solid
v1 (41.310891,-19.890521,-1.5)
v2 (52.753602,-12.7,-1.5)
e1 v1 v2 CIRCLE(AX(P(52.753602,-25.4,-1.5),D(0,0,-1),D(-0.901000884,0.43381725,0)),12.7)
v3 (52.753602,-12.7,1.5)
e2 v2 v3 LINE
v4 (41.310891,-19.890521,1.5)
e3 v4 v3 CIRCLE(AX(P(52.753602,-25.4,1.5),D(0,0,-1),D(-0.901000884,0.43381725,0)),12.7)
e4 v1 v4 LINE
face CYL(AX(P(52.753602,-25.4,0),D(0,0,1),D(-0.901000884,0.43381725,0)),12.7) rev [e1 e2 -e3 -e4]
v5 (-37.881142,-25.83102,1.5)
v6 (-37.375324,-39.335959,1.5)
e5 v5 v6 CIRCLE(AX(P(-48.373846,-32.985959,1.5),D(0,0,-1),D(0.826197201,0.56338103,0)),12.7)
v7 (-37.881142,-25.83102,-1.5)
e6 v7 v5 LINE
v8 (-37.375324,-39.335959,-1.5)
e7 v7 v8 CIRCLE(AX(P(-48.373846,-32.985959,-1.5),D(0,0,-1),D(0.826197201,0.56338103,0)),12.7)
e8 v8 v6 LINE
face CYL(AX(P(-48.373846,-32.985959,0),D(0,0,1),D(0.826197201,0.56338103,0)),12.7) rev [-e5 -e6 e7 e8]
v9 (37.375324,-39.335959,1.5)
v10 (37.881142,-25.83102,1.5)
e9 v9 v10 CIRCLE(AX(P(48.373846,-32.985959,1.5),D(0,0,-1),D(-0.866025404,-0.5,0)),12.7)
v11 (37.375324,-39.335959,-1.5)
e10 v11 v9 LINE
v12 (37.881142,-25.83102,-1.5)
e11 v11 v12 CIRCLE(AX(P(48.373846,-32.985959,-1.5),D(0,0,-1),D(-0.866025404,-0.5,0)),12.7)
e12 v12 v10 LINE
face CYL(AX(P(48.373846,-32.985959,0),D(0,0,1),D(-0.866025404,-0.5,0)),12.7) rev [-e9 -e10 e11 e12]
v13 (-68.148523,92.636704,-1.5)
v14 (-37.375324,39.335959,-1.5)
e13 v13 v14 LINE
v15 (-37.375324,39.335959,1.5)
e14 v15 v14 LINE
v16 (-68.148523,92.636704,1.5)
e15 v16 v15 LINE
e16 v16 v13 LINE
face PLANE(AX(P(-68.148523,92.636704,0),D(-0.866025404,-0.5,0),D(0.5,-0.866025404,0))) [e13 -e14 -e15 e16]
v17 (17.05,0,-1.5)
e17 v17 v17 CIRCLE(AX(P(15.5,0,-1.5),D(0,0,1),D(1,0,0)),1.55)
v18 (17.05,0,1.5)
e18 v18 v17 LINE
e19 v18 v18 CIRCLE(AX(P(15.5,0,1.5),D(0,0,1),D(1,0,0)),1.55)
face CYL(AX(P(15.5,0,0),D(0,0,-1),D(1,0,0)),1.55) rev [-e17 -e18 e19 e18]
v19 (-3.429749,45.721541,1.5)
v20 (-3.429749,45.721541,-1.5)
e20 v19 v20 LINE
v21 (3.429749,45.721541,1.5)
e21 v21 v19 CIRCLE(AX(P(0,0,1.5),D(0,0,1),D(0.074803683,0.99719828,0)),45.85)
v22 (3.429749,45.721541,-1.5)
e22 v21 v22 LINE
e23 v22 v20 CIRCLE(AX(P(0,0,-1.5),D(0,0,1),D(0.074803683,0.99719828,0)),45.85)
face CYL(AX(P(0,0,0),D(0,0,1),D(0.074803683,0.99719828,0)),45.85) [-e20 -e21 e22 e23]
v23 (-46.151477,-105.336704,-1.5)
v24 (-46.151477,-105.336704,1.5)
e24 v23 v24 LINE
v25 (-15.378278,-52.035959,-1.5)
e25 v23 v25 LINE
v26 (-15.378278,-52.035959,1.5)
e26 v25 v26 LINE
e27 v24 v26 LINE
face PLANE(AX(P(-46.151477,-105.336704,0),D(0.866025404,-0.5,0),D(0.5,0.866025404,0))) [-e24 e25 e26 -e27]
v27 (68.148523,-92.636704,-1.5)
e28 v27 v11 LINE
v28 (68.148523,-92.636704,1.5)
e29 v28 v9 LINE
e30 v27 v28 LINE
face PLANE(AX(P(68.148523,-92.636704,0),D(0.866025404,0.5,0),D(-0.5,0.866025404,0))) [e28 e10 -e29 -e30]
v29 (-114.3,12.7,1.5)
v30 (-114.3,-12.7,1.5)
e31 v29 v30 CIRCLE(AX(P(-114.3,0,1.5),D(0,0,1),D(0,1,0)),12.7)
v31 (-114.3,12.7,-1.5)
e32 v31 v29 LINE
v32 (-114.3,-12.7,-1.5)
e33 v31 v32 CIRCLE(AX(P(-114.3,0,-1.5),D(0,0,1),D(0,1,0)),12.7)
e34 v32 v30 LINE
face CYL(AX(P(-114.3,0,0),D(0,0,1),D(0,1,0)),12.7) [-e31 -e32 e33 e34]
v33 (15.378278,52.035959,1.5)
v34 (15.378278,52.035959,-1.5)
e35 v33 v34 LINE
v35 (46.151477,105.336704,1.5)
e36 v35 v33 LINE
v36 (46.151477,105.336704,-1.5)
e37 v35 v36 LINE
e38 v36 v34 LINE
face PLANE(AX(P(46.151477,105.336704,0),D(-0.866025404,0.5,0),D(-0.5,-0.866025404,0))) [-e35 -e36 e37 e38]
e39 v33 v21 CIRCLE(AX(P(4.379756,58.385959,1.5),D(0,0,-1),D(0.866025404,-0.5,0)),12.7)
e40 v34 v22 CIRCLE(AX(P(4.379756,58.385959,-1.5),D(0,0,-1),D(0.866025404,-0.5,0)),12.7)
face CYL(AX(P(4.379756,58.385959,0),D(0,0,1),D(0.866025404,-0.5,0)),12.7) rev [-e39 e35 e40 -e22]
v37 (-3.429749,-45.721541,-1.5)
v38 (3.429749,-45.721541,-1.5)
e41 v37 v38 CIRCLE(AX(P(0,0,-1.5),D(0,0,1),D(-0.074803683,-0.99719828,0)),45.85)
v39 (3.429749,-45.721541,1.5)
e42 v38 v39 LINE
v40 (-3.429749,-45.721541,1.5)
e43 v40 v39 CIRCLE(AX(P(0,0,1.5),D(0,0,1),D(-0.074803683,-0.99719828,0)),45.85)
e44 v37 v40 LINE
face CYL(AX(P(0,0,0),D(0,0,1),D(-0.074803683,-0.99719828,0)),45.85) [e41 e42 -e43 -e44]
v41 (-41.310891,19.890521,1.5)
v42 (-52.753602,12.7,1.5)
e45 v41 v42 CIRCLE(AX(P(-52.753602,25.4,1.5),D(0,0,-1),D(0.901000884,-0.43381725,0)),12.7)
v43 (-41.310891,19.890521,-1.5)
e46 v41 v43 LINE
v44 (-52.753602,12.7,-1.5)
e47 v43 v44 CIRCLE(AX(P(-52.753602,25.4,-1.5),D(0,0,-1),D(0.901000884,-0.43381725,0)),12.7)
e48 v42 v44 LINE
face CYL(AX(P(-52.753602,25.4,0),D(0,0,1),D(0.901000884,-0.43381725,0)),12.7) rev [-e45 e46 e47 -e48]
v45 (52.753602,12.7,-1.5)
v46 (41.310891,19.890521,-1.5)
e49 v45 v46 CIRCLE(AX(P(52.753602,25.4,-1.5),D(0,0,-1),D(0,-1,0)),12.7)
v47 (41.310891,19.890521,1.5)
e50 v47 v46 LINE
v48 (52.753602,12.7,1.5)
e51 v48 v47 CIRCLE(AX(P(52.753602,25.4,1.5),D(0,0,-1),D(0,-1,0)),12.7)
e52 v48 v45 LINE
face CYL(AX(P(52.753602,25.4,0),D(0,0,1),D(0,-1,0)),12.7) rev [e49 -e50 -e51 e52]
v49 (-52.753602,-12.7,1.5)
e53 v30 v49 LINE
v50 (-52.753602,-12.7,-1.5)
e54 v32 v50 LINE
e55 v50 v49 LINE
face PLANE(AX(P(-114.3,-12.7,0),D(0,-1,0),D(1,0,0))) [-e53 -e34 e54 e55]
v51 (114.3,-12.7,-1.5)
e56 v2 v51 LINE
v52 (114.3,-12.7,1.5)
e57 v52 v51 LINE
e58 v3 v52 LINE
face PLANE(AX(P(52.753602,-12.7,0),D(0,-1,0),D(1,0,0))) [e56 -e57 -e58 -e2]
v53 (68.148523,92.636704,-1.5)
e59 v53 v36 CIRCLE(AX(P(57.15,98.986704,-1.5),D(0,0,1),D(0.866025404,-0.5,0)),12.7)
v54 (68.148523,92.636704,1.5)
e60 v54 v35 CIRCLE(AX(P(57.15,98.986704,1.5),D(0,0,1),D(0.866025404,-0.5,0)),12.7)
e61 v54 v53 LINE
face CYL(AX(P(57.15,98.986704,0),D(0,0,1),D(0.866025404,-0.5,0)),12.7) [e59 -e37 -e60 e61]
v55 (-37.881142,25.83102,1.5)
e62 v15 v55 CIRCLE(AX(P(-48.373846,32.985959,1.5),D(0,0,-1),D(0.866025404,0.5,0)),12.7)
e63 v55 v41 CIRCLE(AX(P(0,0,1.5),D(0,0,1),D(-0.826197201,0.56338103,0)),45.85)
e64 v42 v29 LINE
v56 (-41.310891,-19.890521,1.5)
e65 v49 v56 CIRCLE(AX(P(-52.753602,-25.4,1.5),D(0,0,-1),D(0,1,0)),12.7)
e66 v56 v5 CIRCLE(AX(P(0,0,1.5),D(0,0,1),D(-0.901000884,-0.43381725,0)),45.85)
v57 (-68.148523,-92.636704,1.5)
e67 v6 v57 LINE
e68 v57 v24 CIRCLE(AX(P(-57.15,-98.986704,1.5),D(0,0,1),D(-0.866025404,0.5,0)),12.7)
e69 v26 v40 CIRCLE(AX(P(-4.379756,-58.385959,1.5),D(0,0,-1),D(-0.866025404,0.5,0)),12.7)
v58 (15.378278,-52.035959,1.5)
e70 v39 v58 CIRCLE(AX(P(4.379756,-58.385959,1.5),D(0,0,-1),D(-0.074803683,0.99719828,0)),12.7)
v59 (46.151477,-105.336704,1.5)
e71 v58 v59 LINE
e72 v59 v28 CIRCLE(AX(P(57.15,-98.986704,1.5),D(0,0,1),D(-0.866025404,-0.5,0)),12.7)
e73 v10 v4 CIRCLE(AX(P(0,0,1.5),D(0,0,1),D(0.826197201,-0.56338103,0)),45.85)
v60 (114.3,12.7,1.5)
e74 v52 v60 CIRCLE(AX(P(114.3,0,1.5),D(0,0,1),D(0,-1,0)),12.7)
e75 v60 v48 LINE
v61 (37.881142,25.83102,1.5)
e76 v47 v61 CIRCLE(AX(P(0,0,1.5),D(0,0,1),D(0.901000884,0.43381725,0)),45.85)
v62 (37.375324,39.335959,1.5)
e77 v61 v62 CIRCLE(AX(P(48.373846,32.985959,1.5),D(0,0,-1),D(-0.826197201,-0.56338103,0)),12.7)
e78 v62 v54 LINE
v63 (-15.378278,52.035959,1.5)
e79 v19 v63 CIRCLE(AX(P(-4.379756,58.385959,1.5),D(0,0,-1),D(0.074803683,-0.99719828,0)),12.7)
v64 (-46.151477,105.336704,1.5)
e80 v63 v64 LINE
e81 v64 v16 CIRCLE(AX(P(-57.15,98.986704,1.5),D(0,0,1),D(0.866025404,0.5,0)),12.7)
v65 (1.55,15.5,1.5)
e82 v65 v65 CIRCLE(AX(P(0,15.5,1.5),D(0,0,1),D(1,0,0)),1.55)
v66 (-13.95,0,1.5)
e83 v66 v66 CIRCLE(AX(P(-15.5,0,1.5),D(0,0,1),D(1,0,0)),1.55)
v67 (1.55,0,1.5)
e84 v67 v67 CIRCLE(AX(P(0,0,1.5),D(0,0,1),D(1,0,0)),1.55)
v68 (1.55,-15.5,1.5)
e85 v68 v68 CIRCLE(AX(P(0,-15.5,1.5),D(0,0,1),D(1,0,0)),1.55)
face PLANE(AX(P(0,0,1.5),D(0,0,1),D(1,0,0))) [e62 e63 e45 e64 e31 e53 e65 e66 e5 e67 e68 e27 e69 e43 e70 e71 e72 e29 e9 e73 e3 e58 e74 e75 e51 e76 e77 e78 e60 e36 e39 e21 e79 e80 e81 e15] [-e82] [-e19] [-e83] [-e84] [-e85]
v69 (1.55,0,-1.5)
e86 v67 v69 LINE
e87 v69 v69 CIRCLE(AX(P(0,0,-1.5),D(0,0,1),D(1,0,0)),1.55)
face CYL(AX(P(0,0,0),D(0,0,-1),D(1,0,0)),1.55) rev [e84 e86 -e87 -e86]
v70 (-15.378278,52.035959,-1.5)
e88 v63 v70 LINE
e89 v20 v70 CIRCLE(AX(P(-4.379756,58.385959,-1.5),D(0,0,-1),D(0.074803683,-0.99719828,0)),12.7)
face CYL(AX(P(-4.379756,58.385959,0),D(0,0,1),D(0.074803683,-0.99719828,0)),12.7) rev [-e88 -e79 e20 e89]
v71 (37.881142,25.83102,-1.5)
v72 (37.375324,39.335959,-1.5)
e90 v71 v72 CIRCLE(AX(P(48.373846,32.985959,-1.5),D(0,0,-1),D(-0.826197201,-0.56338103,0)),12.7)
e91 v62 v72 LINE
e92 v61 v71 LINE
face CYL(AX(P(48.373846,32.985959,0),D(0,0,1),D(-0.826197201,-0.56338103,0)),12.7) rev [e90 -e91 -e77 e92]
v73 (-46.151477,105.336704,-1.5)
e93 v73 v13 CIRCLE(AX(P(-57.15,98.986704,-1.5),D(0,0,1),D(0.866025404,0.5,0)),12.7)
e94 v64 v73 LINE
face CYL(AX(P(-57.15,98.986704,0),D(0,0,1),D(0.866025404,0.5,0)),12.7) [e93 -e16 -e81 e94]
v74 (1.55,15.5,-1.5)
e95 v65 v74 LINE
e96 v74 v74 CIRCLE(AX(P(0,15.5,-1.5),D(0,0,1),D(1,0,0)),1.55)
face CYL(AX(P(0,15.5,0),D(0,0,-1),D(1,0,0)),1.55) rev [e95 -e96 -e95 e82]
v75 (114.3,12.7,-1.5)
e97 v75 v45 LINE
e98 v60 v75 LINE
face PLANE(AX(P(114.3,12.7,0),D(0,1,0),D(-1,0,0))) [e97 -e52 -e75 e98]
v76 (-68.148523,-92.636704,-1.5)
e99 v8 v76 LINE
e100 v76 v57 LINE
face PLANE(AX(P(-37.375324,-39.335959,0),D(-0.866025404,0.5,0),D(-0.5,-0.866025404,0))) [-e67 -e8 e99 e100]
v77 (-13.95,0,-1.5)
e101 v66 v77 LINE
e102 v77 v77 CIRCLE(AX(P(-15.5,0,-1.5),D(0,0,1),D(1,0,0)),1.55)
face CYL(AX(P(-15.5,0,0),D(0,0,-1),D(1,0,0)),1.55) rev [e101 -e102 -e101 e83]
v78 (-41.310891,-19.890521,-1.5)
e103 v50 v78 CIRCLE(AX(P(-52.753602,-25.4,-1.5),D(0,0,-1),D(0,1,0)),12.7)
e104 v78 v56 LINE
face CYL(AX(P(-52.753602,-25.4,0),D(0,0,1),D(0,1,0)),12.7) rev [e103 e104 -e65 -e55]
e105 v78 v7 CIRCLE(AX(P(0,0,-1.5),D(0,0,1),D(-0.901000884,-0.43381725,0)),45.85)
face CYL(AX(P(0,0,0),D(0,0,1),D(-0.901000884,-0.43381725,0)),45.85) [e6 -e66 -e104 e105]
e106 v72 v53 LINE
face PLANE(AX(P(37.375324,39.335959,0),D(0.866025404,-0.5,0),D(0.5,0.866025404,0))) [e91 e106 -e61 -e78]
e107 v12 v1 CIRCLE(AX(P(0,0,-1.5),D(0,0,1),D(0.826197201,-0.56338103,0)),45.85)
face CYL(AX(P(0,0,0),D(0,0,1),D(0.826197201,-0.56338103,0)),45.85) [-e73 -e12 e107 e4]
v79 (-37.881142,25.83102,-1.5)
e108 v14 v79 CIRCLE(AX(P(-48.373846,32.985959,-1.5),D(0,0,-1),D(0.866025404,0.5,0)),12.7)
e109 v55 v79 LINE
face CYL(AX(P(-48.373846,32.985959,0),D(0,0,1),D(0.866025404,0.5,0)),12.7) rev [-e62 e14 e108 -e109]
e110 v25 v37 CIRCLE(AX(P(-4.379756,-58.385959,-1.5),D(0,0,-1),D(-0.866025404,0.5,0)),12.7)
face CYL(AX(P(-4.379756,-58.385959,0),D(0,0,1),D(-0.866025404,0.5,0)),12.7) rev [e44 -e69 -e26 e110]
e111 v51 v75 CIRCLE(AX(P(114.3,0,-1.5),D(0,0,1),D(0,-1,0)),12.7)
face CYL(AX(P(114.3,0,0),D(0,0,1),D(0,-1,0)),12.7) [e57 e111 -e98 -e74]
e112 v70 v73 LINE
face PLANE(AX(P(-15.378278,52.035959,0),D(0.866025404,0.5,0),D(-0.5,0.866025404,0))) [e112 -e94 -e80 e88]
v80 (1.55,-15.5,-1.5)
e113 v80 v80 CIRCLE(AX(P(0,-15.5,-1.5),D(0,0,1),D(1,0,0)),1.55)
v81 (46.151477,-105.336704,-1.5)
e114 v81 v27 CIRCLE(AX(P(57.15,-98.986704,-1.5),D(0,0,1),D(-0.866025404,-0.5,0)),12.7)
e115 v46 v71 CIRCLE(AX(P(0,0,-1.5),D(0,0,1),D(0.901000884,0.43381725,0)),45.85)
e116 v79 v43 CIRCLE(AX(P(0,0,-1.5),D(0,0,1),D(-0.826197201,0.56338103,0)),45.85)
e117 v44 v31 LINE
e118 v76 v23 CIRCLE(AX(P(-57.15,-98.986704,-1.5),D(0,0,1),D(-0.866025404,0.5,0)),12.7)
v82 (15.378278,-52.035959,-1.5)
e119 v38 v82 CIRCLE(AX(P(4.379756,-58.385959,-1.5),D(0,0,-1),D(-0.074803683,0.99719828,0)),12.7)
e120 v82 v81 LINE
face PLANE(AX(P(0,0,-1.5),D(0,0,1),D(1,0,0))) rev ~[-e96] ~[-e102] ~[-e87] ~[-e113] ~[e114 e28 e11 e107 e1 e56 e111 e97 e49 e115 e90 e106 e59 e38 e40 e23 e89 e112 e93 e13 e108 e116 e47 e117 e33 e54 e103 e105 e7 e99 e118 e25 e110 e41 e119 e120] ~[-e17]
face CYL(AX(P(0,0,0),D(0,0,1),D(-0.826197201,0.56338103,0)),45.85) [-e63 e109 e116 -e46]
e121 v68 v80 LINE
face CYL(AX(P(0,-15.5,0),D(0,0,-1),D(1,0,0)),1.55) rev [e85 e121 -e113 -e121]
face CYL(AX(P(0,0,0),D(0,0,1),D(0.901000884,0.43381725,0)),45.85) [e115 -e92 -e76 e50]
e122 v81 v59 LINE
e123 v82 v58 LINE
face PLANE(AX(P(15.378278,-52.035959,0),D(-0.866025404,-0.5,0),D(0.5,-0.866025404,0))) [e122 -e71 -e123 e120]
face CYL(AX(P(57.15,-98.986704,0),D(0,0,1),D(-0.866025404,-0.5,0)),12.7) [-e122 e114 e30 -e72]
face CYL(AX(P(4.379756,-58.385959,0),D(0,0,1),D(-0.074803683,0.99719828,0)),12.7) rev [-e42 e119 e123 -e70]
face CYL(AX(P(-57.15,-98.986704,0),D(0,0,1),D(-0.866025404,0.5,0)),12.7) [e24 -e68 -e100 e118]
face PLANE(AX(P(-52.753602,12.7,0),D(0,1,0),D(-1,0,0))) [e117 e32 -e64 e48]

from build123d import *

# Parameters (mm, degrees)
CROQUIS1_R              = 1.55
SALIENTE_EXTRUIR1_DEPTH = 1.5


with BuildPart() as part:
    # Croquis1 → Saliente-Extruir1 (new, symmetric)
    with BuildSketch(Plane.XY):
        with BuildLine():
            Line((-52.753601773, 12.7), (-114.3, 12.7))
            ThreePointArc((-114.3, 12.7), (-127, 0), (-114.3, -12.7))
            Line((-114.3, -12.7), (-52.753601773, -12.7))
            ThreePointArc((-52.753601773, -12.7), (-45.996397628, -14.646851989), (-41.310890543, -19.890520922))
            ThreePointArc((-41.310890543, -19.890520922), (-39.707264764, -22.925), (-37.881141685, -25.831020202))
            ThreePointArc((-37.881141685, -25.831020202), (-35.682744722, -32.510622834), (-37.375323514, -39.335959276))
            Line((-37.375323514, -39.335959276), (-68.148522628, -92.636703653))
            ThreePointArc((-68.148522628, -92.636703653), (-63.5, -109.985226281), (-46.151477372, -105.336703653))
            Line((-46.151477372, -105.336703653), (-15.378278258, -52.035959276))
            ThreePointArc((-15.378278258, -52.035959276), (-10.313652906, -47.157474823), (-3.429748858, -45.721541124))
            ThreePointArc((-3.429748858, -45.721541124), (0, -45.85), (3.429748858, -45.721541124))
            ThreePointArc((3.429748858, -45.721541124), (10.313652906, -47.157474823), (15.378278258, -52.035959276))
            Line((15.378278258, -52.035959276), (46.151477372, -105.336703653))
            ThreePointArc((46.151477372, -105.336703653), (63.5, -109.985226281), (68.148522628, -92.636703653))
            Line((68.148522628, -92.636703653), (37.375323514, -39.335959276))
            ThreePointArc((37.375323514, -39.335959276), (35.682744722, -32.510622834), (37.881141685, -25.831020202))
            ThreePointArc((37.881141685, -25.831020202), (39.707264764, -22.925), (41.310890543, -19.890520922))
            ThreePointArc((41.310890543, -19.890520922), (45.996397628, -14.646851989), (52.753601773, -12.7))
            Line((52.753601773, -12.7), (114.3, -12.7))
            ThreePointArc((114.3, -12.7), (127, 0), (114.3, 12.7))
            Line((114.3, 12.7), (52.753601773, 12.7))
            ThreePointArc((52.753601773, 12.7), (45.996397628, 14.646851989), (41.310890543, 19.890520922))
            ThreePointArc((41.310890543, 19.890520922), (39.707264764, 22.925), (37.881141685, 25.831020202))
            ThreePointArc((37.881141685, 25.831020202), (35.682744722, 32.510622834), (37.375323514, 39.335959276))
            Line((37.375323514, 39.335959276), (68.148522628, 92.636703653))
            ThreePointArc((68.148522628, 92.636703653), (63.5, 109.985226281), (46.151477372, 105.336703653))
            Line((46.151477372, 105.336703653), (15.378278258, 52.035959276))
            ThreePointArc((15.378278258, 52.035959276), (10.313652906, 47.157474823), (3.429748858, 45.721541124))
            ThreePointArc((3.429748858, 45.721541124), (0, 45.85), (-3.429748858, 45.721541124))
            ThreePointArc((-3.429748858, 45.721541124), (-10.313652906, 47.157474823), (-15.378278258, 52.035959276))
            Line((-15.378278258, 52.035959276), (-46.151477372, 105.336703653))
            ThreePointArc((-46.151477372, 105.336703653), (-63.5, 109.985226281), (-68.148522628, 92.636703653))
            Line((-68.148522628, 92.636703653), (-37.375323514, 39.335959276))
            ThreePointArc((-37.375323514, 39.335959276), (-35.682744722, 32.510622834), (-37.881141685, 25.831020202))
            ThreePointArc((-37.881141685, 25.831020202), (-39.707264764, 22.925), (-41.310890543, 19.890520922))
            ThreePointArc((-41.310890543, 19.890520922), (-45.996397628, 14.646851989), (-52.753601773, 12.7))
        make_face()
        Circle(CROQUIS1_R, mode=Mode.SUBTRACT)
        with Locations((0, 15.5)):
            Circle(CROQUIS1_R, mode=Mode.SUBTRACT)
        with Locations((15.5, 0)):
            Circle(CROQUIS1_R, mode=Mode.SUBTRACT)
        with Locations((0, -15.5)):
            Circle(CROQUIS1_R, mode=Mode.SUBTRACT)
        with Locations((-15.5, 0)):
            Circle(CROQUIS1_R, mode=Mode.SUBTRACT)
    extrude(amount=SALIENTE_EXTRUIR1_DEPTH, both=True)


solid = part.part
